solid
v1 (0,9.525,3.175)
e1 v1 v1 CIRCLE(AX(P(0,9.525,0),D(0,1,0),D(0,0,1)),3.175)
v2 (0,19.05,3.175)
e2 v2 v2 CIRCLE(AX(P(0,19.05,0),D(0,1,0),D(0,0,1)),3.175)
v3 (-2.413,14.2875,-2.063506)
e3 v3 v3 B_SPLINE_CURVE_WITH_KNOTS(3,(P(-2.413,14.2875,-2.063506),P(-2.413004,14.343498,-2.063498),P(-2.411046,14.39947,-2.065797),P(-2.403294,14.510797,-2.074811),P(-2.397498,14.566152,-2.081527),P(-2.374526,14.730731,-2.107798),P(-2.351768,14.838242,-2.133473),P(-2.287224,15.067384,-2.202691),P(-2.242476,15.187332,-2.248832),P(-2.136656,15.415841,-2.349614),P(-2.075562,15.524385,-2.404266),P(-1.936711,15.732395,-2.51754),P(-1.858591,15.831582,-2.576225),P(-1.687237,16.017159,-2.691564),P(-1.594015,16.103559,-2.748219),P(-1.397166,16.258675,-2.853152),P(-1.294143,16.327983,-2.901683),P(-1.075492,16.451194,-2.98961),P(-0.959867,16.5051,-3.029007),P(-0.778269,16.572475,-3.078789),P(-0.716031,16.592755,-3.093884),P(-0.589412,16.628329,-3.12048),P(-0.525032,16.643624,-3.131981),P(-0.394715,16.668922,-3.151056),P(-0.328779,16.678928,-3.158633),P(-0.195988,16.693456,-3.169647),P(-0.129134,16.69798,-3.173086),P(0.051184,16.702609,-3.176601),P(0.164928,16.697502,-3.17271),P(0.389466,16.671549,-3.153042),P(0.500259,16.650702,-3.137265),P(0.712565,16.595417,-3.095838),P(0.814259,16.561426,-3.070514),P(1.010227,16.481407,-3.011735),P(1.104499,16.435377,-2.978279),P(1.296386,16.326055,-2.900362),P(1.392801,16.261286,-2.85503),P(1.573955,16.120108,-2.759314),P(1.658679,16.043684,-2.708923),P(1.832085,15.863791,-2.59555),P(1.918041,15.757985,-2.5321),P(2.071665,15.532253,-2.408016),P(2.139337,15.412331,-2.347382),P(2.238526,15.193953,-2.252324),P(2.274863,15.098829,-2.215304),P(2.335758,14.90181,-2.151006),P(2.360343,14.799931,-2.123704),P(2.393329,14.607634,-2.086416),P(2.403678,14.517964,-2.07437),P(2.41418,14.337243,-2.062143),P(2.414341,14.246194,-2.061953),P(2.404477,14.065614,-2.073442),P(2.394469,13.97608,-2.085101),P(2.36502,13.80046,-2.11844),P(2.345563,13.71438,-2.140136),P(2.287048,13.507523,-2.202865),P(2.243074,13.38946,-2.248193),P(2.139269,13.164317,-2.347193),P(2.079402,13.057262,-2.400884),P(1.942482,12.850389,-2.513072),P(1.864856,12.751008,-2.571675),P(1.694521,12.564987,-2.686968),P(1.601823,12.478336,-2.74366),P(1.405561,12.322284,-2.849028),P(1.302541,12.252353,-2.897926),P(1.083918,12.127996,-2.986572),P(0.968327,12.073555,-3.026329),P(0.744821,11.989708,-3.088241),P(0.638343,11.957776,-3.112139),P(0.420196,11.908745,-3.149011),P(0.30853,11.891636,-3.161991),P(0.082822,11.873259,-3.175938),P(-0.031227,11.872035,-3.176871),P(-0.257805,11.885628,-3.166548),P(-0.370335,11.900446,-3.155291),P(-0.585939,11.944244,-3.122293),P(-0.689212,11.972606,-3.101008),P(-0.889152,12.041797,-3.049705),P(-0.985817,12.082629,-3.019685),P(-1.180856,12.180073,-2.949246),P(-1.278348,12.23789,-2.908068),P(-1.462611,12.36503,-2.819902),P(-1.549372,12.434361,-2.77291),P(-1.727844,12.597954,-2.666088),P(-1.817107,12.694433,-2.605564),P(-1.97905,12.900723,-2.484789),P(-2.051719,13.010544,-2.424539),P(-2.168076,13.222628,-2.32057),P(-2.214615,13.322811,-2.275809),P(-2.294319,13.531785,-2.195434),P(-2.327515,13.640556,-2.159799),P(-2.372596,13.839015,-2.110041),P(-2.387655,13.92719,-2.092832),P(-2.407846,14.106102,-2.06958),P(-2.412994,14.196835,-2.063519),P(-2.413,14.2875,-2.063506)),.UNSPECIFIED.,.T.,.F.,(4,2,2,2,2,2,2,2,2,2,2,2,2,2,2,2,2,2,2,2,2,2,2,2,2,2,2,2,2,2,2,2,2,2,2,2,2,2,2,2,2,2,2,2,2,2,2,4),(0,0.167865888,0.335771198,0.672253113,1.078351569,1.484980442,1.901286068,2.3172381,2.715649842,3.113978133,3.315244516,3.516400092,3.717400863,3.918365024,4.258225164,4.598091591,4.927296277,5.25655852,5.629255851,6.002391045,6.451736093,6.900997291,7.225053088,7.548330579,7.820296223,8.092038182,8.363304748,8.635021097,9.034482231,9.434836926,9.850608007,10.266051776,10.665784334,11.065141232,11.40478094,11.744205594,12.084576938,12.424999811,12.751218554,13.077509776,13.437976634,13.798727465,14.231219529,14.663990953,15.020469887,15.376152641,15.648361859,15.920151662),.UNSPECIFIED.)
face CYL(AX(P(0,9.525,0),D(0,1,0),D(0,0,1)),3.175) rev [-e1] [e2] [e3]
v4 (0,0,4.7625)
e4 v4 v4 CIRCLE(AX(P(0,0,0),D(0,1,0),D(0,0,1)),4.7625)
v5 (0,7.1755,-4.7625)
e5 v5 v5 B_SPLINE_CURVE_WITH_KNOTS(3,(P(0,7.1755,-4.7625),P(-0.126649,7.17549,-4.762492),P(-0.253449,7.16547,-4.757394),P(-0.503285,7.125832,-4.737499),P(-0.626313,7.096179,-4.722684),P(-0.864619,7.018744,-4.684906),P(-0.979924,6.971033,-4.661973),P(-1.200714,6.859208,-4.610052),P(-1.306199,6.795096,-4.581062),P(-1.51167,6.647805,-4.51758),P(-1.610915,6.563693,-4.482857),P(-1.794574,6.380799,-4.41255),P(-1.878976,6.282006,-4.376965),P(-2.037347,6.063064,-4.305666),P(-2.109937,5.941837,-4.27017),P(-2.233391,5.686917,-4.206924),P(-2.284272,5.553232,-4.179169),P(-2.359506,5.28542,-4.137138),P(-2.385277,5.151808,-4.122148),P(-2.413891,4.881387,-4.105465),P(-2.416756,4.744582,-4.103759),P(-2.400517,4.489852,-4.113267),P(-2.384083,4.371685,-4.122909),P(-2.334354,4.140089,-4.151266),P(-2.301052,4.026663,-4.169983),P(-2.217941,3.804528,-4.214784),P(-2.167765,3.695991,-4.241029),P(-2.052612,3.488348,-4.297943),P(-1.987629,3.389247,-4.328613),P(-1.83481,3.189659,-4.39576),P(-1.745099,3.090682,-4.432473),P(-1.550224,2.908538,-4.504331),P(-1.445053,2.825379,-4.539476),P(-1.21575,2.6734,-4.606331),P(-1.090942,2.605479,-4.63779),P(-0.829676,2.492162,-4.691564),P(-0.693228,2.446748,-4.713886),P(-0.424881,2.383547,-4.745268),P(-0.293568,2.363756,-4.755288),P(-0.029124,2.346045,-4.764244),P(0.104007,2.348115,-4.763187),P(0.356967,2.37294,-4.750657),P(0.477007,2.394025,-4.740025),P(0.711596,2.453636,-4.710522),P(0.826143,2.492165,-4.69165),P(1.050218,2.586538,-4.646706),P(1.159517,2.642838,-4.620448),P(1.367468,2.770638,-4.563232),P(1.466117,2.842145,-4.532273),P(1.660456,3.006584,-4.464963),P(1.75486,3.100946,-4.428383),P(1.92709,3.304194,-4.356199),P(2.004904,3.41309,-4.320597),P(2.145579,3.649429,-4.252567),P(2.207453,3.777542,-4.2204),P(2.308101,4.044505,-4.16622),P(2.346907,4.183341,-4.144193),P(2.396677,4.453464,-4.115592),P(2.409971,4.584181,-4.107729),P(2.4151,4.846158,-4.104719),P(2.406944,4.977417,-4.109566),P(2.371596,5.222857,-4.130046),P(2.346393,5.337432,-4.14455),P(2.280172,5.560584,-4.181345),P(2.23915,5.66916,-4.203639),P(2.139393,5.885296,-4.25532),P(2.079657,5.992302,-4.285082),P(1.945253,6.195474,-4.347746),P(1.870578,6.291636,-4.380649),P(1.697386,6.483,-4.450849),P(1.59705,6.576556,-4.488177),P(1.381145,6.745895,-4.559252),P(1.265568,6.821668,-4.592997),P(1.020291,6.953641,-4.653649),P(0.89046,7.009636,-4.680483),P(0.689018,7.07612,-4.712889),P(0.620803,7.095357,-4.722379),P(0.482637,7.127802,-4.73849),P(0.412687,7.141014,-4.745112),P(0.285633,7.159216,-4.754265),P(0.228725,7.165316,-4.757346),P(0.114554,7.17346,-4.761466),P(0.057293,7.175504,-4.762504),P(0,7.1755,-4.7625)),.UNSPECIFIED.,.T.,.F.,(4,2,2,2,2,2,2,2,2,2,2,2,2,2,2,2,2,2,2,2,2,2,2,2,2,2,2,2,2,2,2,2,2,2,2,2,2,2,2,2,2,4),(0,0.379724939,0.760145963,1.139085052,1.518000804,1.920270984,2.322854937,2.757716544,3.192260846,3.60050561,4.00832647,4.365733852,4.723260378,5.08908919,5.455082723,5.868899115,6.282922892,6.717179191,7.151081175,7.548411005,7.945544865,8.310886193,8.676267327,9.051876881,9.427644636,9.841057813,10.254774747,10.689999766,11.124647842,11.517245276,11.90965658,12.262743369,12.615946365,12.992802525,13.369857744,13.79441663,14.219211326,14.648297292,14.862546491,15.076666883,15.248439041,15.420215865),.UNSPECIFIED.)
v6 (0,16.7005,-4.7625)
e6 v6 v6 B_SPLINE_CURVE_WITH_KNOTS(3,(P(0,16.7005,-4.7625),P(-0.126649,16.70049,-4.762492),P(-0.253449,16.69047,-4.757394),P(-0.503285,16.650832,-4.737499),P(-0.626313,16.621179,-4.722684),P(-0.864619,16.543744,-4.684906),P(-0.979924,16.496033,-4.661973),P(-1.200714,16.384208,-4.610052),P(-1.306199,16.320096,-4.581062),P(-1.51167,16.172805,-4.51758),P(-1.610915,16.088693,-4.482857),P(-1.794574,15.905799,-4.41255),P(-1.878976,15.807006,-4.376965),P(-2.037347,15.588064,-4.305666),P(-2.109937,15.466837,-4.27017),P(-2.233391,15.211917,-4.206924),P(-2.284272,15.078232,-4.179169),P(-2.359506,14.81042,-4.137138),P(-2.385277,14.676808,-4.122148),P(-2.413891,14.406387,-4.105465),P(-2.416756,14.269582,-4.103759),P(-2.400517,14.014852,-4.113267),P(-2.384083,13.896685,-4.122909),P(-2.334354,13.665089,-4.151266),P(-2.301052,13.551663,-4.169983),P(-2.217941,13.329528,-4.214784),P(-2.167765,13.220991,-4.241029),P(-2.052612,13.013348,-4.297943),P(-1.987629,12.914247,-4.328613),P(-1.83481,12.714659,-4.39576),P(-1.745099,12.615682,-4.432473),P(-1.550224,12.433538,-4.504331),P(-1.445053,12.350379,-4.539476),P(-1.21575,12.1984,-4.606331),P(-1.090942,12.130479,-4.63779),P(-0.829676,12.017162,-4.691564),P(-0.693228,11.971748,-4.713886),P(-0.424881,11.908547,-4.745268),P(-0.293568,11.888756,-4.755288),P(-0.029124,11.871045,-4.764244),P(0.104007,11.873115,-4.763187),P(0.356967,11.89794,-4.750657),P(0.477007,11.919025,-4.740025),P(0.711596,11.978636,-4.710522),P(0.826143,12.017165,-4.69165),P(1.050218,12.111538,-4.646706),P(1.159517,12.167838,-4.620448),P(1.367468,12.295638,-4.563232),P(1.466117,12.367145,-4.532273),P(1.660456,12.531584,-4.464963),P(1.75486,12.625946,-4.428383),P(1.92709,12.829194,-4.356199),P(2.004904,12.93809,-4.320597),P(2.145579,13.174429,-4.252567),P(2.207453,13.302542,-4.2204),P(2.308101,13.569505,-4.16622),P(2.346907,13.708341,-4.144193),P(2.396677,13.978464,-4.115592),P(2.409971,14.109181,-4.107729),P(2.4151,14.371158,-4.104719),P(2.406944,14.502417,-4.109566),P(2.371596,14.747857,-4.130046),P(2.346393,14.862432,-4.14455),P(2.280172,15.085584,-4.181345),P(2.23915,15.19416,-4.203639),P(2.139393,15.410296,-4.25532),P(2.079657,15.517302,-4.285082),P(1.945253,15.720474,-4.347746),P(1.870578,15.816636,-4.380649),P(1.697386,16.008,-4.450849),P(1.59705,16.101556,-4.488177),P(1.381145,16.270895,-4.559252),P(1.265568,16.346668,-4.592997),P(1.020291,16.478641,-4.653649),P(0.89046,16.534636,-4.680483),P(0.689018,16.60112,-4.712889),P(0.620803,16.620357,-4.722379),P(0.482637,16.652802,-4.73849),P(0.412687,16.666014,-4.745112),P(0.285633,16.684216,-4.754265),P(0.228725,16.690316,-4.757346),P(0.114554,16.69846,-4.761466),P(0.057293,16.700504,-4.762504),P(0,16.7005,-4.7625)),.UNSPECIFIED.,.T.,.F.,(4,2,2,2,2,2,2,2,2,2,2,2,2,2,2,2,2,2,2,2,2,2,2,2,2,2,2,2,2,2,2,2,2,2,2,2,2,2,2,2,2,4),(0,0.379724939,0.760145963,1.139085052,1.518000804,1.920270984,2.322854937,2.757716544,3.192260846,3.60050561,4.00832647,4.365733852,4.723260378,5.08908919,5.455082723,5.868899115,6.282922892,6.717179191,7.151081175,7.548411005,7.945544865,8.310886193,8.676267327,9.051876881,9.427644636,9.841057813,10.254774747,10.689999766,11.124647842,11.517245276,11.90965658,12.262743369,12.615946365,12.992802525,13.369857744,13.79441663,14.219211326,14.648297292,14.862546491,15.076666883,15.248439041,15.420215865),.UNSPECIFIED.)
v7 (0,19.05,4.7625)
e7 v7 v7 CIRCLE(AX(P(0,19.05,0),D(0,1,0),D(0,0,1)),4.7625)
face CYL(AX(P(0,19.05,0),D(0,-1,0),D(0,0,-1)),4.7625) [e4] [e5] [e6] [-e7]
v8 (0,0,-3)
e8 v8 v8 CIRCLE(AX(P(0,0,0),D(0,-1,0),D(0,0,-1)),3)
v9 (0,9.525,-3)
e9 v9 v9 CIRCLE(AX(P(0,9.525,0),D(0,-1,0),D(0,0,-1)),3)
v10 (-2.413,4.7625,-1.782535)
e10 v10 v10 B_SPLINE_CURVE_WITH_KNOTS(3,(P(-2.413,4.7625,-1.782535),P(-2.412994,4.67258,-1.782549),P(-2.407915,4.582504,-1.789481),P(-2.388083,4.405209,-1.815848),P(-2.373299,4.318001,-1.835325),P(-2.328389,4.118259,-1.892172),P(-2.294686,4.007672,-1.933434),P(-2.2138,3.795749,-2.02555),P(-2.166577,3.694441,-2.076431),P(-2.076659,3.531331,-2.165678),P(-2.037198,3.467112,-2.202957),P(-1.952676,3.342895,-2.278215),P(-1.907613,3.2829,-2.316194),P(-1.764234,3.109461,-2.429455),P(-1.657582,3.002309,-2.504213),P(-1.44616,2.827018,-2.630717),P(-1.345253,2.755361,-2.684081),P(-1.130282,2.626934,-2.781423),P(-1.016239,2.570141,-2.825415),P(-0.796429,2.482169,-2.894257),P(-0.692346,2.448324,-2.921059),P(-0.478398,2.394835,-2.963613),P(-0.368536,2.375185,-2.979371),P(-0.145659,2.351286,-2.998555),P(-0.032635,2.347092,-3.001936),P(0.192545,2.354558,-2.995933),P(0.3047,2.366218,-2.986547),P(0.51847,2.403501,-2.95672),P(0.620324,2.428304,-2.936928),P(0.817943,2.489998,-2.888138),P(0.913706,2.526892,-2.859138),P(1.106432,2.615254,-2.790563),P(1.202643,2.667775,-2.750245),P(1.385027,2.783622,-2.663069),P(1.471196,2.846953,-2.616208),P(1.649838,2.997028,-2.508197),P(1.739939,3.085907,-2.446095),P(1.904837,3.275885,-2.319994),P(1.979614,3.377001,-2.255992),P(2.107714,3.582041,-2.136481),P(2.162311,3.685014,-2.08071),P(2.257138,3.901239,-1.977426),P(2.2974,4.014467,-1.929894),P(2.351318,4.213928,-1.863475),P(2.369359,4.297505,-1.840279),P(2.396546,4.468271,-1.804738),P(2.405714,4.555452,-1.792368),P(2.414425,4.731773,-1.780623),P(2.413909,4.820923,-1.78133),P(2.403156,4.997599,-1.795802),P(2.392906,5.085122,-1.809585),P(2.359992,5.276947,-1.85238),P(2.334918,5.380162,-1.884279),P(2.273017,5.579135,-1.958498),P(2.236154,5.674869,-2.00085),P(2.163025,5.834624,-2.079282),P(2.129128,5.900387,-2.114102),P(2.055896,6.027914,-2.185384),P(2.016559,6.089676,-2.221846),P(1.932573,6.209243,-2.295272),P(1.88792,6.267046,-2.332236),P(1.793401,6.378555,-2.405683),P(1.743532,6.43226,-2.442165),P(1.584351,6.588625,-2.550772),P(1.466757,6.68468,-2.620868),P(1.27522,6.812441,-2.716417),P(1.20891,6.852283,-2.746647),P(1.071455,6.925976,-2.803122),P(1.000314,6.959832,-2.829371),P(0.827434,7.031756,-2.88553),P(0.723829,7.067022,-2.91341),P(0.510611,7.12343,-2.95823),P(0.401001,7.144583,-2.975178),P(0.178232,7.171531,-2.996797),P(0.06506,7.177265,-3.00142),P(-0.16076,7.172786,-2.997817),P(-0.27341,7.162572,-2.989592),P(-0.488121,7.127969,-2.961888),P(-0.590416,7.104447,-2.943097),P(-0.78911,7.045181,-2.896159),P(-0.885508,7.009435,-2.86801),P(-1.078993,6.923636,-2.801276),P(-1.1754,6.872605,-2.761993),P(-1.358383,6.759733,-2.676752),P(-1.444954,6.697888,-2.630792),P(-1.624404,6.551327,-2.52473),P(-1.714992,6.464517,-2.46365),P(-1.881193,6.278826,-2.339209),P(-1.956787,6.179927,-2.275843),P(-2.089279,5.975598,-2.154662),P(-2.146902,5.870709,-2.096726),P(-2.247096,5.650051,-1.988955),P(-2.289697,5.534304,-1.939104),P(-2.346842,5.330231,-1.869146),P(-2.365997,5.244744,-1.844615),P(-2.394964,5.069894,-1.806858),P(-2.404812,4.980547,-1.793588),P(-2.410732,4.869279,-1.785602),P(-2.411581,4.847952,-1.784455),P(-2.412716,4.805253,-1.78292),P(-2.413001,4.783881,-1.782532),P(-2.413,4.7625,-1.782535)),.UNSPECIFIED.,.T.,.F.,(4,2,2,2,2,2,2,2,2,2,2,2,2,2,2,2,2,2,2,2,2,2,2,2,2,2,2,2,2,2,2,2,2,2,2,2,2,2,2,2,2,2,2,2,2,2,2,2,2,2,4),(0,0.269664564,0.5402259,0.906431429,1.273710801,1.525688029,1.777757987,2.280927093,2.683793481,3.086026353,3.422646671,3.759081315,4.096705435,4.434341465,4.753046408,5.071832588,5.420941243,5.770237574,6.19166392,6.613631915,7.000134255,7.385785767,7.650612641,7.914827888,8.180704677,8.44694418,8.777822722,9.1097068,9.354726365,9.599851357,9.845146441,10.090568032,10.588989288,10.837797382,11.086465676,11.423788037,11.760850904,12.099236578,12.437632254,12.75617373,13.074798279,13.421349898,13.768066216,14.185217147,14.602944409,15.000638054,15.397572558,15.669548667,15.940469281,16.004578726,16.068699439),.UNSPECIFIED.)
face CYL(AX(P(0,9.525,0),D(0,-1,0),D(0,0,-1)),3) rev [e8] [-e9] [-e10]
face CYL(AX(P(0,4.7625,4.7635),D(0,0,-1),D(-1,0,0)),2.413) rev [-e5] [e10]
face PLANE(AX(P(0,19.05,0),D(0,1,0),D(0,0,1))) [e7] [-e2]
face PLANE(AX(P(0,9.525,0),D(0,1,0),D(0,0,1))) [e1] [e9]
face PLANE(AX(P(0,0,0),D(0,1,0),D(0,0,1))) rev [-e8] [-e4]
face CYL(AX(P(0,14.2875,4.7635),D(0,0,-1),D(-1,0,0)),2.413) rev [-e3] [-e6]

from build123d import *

# Parameters (mm, degrees)
SKETCH1_R           = 4.7625
BOSS_EXTRUDE1_DEPTH = 19.05
SKETCH2_R           = 3
CUT_EXTRUDE1_DEPTH  = 9.525
SKETCH3_R           = 3.175
CUT_EXTRUDE2_DEPTH  = 9.525
CUT_EXTRUDE3_REACH  = 11.525
SKETCH4_R           = 2.413


with BuildPart() as part:
    # Sketch1 → Boss-Extrude1 (new body)
    with BuildSketch(Plane(origin=(0, 0, 0), x_dir=(1, 0, 0), z_dir=(0, 1, 0))):
        Circle(SKETCH1_R)
    extrude(amount=BOSS_EXTRUDE1_DEPTH)

    # Sketch2 → Cut-Extrude1 (cut)
    with BuildSketch(Plane.XZ):
        Circle(SKETCH2_R)
    extrude(amount=-CUT_EXTRUDE1_DEPTH, mode=Mode.SUBTRACT)

    # Sketch3 → Cut-Extrude2 (cut)
    with BuildSketch(Plane(origin=(0, 19.05, 0), x_dir=(1, 0, 0), z_dir=(0, 1, 0))):
        Circle(SKETCH3_R)
    extrude(amount=-CUT_EXTRUDE2_DEPTH, mode=Mode.SUBTRACT)

    # Sketch4 → Cut-Extrude3 (cut, up to next)
    with BuildSketch(Plane(origin=(0, 0, -4.7625), x_dir=(-1, 0, 0), z_dir=(0, 0, -1)), mode=Mode.PRIVATE) as cut_extrude3_sk1:
        with Locations((0, 14.2875)):
            Circle(SKETCH4_R)
    cut_extrude3_tool1 = extrude(cut_extrude3_sk1.sketch, amount=-CUT_EXTRUDE3_REACH, mode=Mode.PRIVATE) & part.part
    add(cut_extrude3_tool1.solids().sort_by_distance((0, 14.2875, -4.7625))[0], mode=Mode.SUBTRACT)
    # Sketch4 → Cut-Extrude3 (cut, up to next)
    with BuildSketch(Plane(origin=(0, 0, -4.7625), x_dir=(-1, 0, 0), z_dir=(0, 0, -1)), mode=Mode.PRIVATE) as cut_extrude3_sk2:
        with Locations((0, 4.7625)):
            Circle(SKETCH4_R)
    cut_extrude3_tool2 = extrude(cut_extrude3_sk2.sketch, amount=-CUT_EXTRUDE3_REACH, mode=Mode.PRIVATE) & part.part
    add(cut_extrude3_tool2.solids().sort_by_distance((0, 4.7625, -4.7625))[0], mode=Mode.SUBTRACT)


solid = part.part
